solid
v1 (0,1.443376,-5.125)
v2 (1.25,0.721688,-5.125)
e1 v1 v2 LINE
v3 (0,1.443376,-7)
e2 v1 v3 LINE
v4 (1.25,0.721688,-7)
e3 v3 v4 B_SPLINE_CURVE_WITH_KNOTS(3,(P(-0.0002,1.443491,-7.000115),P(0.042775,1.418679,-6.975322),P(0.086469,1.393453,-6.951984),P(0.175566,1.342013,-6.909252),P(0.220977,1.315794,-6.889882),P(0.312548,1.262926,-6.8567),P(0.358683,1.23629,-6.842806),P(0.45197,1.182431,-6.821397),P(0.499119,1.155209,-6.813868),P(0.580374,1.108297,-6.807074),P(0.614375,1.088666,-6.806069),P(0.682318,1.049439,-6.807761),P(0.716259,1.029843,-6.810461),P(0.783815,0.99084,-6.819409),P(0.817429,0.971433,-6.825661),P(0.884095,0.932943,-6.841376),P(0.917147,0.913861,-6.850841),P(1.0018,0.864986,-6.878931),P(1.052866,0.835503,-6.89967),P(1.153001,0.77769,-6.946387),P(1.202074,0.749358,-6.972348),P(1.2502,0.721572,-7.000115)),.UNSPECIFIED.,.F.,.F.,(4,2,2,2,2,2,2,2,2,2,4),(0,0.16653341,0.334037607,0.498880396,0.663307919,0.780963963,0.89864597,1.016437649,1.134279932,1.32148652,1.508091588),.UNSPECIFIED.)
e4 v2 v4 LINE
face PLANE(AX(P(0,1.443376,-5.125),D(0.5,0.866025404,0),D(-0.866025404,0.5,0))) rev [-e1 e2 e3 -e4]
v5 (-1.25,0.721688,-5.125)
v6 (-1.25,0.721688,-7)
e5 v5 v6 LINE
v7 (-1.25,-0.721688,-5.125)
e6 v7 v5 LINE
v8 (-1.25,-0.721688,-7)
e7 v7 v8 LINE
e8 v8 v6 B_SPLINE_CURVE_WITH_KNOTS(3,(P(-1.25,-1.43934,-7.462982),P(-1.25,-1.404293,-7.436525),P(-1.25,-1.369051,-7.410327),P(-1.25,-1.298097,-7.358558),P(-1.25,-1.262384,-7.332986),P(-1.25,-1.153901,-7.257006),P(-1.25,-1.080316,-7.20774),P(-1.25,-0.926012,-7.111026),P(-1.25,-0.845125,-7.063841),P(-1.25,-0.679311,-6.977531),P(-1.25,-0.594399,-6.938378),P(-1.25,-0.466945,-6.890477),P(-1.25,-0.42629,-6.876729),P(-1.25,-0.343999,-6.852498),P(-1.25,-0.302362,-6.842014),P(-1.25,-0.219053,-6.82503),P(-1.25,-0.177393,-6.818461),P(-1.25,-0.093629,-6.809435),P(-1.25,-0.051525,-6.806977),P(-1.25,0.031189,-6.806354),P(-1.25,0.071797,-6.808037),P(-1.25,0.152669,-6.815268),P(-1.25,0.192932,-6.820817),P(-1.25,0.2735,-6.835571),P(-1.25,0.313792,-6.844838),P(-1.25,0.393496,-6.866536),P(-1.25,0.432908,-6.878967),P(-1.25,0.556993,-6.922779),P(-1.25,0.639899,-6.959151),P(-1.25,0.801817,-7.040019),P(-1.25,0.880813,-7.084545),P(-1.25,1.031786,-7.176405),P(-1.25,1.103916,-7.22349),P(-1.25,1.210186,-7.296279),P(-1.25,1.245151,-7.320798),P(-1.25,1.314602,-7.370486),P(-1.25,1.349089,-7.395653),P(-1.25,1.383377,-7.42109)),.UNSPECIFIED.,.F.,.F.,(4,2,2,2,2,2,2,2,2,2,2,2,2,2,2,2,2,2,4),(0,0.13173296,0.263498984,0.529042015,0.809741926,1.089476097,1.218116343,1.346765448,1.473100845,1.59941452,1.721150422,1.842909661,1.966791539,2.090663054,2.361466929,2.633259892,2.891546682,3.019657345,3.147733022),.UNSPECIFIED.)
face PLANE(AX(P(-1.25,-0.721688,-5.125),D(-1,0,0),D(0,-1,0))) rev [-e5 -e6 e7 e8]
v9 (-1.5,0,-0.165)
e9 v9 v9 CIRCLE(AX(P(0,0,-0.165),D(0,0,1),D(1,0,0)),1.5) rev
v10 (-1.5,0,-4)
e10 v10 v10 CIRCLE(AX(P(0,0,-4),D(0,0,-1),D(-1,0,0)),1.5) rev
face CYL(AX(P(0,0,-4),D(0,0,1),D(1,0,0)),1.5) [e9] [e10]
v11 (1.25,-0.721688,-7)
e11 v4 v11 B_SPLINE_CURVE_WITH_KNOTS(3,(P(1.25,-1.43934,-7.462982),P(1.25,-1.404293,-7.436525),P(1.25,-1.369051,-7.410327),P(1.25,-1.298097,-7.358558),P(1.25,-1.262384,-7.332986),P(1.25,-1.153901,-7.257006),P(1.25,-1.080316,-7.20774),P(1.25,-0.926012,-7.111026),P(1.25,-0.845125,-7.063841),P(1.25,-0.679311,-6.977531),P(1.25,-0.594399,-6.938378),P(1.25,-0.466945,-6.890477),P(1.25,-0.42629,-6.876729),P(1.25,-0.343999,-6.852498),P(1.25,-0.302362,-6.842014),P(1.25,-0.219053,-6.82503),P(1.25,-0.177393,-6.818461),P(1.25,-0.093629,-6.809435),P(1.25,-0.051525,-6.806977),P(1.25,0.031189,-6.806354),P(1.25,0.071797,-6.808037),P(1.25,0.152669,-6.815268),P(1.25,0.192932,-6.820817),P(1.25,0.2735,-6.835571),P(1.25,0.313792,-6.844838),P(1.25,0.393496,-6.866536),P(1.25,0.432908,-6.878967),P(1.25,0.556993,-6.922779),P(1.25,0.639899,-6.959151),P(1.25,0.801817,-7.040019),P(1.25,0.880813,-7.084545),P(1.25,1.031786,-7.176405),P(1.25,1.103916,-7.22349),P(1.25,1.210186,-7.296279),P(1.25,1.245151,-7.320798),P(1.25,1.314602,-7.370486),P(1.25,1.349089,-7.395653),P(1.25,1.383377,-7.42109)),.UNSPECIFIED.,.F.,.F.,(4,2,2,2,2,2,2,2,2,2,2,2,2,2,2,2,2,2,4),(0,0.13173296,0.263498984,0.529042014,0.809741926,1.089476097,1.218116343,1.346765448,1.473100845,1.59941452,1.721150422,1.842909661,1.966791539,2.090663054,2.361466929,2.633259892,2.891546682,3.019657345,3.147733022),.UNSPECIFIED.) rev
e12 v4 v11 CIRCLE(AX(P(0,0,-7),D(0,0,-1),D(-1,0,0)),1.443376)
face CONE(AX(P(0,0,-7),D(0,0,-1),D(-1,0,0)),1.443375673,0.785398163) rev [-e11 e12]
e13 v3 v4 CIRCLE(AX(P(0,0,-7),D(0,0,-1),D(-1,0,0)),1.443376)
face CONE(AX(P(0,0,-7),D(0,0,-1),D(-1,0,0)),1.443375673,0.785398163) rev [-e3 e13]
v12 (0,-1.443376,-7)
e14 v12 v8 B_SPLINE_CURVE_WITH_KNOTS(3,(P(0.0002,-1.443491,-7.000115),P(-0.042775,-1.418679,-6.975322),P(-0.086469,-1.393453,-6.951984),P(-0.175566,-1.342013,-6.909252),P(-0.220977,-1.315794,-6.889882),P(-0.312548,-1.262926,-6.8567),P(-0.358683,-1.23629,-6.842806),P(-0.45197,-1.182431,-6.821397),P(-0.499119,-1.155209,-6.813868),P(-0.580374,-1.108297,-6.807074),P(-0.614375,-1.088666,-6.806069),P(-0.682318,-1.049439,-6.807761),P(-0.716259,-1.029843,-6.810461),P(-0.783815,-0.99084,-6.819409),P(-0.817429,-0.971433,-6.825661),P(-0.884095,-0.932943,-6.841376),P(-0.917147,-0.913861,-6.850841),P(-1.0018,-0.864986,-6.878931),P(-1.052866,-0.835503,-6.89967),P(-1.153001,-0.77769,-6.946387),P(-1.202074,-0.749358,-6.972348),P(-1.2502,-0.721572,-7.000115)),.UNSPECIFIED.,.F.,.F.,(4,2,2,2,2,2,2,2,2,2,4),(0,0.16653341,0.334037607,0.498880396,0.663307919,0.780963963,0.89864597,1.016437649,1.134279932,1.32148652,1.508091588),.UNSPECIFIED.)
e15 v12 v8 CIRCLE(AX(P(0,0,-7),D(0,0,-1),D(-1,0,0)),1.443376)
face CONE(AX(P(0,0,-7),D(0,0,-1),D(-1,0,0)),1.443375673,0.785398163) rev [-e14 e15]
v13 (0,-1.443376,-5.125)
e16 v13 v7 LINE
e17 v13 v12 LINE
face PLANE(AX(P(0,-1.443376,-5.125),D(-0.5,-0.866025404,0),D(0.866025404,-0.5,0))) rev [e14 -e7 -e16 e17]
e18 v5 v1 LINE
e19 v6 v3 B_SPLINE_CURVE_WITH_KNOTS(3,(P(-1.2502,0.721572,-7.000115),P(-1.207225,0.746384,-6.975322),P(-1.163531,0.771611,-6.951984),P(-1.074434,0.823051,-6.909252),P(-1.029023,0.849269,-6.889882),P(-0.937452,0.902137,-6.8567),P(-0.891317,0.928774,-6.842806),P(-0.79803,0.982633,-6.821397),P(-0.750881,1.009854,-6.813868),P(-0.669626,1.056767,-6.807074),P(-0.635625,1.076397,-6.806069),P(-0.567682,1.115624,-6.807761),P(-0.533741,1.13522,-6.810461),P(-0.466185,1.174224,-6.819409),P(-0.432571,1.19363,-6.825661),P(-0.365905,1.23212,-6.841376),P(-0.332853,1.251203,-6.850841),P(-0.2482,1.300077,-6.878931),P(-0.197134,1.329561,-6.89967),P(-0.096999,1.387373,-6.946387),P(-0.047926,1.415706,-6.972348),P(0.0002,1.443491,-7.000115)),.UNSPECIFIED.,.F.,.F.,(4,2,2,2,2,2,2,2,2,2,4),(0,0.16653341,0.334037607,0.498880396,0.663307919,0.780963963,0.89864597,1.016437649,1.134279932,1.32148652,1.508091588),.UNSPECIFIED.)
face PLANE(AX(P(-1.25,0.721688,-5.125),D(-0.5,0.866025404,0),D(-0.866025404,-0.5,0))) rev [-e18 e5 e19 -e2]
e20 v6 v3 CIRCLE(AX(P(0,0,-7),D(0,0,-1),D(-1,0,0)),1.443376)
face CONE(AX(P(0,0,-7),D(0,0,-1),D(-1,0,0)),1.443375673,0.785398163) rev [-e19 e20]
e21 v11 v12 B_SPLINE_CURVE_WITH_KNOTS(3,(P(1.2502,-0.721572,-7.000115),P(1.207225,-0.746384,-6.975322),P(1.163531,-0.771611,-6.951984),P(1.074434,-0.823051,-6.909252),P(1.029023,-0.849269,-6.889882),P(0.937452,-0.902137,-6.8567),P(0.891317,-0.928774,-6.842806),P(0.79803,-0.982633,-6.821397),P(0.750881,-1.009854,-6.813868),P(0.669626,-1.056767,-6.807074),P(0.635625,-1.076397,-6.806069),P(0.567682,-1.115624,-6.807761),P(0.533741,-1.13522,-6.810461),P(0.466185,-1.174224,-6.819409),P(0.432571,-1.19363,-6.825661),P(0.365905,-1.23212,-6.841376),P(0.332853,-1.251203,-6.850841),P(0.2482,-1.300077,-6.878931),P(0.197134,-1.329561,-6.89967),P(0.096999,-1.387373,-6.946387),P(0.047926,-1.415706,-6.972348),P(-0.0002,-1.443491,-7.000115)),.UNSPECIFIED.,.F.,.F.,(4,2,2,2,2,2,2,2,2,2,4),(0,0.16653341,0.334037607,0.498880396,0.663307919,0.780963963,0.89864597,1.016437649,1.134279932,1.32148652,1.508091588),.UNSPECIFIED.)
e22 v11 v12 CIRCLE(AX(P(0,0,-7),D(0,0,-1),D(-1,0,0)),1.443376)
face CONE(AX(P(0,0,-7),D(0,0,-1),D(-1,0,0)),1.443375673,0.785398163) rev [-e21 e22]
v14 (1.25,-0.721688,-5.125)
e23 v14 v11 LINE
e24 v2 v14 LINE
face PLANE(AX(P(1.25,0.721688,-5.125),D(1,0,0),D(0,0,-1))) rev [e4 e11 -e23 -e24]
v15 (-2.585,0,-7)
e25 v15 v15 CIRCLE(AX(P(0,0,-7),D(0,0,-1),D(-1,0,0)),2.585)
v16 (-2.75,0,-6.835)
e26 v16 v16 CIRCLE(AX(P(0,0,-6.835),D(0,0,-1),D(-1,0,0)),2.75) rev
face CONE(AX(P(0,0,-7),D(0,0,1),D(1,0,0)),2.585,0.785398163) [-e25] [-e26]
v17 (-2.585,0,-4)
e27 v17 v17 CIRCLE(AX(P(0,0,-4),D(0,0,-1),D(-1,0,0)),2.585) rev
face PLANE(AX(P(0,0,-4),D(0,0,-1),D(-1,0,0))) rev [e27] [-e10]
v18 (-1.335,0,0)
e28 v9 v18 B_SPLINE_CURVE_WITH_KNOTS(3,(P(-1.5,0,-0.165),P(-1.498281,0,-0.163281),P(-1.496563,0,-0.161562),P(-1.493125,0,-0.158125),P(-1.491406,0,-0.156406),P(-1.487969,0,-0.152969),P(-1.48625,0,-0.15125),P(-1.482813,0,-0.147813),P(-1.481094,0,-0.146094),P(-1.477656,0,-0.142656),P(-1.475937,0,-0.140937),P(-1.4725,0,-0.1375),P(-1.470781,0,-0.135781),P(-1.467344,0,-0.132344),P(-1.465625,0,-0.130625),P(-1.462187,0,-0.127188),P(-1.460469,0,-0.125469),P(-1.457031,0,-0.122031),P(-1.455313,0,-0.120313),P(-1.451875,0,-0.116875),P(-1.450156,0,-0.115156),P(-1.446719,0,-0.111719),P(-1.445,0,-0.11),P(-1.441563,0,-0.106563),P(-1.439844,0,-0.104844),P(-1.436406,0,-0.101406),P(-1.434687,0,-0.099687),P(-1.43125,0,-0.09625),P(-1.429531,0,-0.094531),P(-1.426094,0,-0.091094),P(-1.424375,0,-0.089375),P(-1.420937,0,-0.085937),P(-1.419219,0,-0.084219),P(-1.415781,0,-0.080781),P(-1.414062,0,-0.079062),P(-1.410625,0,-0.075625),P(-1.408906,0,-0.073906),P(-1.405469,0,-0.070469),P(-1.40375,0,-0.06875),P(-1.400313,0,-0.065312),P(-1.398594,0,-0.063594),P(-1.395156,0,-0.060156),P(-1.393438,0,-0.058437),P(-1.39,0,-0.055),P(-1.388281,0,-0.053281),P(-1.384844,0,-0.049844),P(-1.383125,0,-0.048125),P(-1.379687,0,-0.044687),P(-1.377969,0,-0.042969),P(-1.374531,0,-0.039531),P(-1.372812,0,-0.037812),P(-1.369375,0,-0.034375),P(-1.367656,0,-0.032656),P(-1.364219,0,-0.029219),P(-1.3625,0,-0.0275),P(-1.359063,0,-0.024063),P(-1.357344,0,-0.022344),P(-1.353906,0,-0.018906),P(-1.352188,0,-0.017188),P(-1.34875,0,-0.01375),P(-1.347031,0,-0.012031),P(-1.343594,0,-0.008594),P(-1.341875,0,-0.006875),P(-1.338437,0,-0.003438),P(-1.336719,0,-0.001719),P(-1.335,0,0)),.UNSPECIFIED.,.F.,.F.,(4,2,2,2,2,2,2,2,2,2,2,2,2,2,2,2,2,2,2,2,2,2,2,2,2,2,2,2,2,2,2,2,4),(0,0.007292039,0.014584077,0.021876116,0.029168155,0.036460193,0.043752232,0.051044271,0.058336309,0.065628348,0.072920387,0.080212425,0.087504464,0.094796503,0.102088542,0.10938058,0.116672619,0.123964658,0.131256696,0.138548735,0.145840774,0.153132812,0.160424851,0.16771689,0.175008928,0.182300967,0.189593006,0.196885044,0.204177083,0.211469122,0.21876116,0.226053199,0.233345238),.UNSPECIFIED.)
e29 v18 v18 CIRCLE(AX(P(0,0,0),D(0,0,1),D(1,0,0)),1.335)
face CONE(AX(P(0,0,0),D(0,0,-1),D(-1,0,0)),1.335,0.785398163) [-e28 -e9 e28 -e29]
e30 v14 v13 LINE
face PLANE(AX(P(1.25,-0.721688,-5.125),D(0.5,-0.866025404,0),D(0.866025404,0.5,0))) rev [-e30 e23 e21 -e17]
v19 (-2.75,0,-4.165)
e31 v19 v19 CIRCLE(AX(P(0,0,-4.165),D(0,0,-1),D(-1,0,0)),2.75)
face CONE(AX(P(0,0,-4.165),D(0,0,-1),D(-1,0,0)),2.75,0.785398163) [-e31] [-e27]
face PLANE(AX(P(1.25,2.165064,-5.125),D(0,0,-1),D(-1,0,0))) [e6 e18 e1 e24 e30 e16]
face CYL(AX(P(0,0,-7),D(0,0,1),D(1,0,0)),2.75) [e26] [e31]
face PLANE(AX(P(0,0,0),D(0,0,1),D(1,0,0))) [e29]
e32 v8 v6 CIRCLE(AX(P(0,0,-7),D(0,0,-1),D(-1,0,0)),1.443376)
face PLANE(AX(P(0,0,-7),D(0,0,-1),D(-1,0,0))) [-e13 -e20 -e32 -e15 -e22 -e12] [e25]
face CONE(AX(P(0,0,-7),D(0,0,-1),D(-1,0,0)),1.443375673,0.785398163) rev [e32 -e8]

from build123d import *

# Parameters (mm, degrees)
SKETCH1_R          = 1.5
EXTRUDE1_DEPTH     = 4
SKETCH6_R          = 2.75
EXTRUDE2_DEPTH     = 3
CUT_EXTRUDE1_DEPTH = 1.875
CHAMFER1_SIZE      = 0.165


with BuildPart() as part:
    # Sketch1 → Extrude1 (new body)
    with BuildSketch(Plane.XY):
        Circle(SKETCH1_R)
    extrude(amount=-EXTRUDE1_DEPTH)

    # Sketch6 → Extrude2 (add)
    with BuildSketch(Plane(origin=(0, 0, -4), x_dir=(-1, 0, 0), z_dir=(0, 0, -1))):
        Circle(SKETCH6_R)
    extrude(amount=EXTRUDE2_DEPTH)

    # Sketch7 → Cut-Extrude1 (cut)
    with BuildSketch(Plane(origin=(0, 0, -7), x_dir=(-1, 0, 0), z_dir=(0, 0, -1))):
        Polygon((0, 1.443375673), (-1.25, 0.721687836), (-1.25, -0.721687836), (0, -1.443375673), (1.25, -0.721687836), (1.25, 0.721687836), align=None)
    extrude(amount=-CUT_EXTRUDE1_DEPTH, mode=Mode.SUBTRACT)

    # Cut-Extrude2 cone 1 section (through the dimple's axis) → Cut-Extrude2 (revolve, cut)
    with BuildSketch(Plane(origin=(0, 0, -7), x_dir=(0, 1, 0), z_dir=(1, 0, 0))):
        Polygon((0, 0), (1.443375673, 0), (0, 1.443375673), align=None)
    revolve(axis=Axis((0, 0, -7), (0, 0, 1)), mode=Mode.SUBTRACT)

    # Chamfer1
    chamfer1_edges = [part.edges().sort_by_distance(p)[0] for p in [
        (-1.5, 0, 0),
        (2.75, 0, -4),
        (2.75, 0, -7),
    ]]
    chamfer(chamfer1_edges, length=CHAMFER1_SIZE)


solid = part.part
